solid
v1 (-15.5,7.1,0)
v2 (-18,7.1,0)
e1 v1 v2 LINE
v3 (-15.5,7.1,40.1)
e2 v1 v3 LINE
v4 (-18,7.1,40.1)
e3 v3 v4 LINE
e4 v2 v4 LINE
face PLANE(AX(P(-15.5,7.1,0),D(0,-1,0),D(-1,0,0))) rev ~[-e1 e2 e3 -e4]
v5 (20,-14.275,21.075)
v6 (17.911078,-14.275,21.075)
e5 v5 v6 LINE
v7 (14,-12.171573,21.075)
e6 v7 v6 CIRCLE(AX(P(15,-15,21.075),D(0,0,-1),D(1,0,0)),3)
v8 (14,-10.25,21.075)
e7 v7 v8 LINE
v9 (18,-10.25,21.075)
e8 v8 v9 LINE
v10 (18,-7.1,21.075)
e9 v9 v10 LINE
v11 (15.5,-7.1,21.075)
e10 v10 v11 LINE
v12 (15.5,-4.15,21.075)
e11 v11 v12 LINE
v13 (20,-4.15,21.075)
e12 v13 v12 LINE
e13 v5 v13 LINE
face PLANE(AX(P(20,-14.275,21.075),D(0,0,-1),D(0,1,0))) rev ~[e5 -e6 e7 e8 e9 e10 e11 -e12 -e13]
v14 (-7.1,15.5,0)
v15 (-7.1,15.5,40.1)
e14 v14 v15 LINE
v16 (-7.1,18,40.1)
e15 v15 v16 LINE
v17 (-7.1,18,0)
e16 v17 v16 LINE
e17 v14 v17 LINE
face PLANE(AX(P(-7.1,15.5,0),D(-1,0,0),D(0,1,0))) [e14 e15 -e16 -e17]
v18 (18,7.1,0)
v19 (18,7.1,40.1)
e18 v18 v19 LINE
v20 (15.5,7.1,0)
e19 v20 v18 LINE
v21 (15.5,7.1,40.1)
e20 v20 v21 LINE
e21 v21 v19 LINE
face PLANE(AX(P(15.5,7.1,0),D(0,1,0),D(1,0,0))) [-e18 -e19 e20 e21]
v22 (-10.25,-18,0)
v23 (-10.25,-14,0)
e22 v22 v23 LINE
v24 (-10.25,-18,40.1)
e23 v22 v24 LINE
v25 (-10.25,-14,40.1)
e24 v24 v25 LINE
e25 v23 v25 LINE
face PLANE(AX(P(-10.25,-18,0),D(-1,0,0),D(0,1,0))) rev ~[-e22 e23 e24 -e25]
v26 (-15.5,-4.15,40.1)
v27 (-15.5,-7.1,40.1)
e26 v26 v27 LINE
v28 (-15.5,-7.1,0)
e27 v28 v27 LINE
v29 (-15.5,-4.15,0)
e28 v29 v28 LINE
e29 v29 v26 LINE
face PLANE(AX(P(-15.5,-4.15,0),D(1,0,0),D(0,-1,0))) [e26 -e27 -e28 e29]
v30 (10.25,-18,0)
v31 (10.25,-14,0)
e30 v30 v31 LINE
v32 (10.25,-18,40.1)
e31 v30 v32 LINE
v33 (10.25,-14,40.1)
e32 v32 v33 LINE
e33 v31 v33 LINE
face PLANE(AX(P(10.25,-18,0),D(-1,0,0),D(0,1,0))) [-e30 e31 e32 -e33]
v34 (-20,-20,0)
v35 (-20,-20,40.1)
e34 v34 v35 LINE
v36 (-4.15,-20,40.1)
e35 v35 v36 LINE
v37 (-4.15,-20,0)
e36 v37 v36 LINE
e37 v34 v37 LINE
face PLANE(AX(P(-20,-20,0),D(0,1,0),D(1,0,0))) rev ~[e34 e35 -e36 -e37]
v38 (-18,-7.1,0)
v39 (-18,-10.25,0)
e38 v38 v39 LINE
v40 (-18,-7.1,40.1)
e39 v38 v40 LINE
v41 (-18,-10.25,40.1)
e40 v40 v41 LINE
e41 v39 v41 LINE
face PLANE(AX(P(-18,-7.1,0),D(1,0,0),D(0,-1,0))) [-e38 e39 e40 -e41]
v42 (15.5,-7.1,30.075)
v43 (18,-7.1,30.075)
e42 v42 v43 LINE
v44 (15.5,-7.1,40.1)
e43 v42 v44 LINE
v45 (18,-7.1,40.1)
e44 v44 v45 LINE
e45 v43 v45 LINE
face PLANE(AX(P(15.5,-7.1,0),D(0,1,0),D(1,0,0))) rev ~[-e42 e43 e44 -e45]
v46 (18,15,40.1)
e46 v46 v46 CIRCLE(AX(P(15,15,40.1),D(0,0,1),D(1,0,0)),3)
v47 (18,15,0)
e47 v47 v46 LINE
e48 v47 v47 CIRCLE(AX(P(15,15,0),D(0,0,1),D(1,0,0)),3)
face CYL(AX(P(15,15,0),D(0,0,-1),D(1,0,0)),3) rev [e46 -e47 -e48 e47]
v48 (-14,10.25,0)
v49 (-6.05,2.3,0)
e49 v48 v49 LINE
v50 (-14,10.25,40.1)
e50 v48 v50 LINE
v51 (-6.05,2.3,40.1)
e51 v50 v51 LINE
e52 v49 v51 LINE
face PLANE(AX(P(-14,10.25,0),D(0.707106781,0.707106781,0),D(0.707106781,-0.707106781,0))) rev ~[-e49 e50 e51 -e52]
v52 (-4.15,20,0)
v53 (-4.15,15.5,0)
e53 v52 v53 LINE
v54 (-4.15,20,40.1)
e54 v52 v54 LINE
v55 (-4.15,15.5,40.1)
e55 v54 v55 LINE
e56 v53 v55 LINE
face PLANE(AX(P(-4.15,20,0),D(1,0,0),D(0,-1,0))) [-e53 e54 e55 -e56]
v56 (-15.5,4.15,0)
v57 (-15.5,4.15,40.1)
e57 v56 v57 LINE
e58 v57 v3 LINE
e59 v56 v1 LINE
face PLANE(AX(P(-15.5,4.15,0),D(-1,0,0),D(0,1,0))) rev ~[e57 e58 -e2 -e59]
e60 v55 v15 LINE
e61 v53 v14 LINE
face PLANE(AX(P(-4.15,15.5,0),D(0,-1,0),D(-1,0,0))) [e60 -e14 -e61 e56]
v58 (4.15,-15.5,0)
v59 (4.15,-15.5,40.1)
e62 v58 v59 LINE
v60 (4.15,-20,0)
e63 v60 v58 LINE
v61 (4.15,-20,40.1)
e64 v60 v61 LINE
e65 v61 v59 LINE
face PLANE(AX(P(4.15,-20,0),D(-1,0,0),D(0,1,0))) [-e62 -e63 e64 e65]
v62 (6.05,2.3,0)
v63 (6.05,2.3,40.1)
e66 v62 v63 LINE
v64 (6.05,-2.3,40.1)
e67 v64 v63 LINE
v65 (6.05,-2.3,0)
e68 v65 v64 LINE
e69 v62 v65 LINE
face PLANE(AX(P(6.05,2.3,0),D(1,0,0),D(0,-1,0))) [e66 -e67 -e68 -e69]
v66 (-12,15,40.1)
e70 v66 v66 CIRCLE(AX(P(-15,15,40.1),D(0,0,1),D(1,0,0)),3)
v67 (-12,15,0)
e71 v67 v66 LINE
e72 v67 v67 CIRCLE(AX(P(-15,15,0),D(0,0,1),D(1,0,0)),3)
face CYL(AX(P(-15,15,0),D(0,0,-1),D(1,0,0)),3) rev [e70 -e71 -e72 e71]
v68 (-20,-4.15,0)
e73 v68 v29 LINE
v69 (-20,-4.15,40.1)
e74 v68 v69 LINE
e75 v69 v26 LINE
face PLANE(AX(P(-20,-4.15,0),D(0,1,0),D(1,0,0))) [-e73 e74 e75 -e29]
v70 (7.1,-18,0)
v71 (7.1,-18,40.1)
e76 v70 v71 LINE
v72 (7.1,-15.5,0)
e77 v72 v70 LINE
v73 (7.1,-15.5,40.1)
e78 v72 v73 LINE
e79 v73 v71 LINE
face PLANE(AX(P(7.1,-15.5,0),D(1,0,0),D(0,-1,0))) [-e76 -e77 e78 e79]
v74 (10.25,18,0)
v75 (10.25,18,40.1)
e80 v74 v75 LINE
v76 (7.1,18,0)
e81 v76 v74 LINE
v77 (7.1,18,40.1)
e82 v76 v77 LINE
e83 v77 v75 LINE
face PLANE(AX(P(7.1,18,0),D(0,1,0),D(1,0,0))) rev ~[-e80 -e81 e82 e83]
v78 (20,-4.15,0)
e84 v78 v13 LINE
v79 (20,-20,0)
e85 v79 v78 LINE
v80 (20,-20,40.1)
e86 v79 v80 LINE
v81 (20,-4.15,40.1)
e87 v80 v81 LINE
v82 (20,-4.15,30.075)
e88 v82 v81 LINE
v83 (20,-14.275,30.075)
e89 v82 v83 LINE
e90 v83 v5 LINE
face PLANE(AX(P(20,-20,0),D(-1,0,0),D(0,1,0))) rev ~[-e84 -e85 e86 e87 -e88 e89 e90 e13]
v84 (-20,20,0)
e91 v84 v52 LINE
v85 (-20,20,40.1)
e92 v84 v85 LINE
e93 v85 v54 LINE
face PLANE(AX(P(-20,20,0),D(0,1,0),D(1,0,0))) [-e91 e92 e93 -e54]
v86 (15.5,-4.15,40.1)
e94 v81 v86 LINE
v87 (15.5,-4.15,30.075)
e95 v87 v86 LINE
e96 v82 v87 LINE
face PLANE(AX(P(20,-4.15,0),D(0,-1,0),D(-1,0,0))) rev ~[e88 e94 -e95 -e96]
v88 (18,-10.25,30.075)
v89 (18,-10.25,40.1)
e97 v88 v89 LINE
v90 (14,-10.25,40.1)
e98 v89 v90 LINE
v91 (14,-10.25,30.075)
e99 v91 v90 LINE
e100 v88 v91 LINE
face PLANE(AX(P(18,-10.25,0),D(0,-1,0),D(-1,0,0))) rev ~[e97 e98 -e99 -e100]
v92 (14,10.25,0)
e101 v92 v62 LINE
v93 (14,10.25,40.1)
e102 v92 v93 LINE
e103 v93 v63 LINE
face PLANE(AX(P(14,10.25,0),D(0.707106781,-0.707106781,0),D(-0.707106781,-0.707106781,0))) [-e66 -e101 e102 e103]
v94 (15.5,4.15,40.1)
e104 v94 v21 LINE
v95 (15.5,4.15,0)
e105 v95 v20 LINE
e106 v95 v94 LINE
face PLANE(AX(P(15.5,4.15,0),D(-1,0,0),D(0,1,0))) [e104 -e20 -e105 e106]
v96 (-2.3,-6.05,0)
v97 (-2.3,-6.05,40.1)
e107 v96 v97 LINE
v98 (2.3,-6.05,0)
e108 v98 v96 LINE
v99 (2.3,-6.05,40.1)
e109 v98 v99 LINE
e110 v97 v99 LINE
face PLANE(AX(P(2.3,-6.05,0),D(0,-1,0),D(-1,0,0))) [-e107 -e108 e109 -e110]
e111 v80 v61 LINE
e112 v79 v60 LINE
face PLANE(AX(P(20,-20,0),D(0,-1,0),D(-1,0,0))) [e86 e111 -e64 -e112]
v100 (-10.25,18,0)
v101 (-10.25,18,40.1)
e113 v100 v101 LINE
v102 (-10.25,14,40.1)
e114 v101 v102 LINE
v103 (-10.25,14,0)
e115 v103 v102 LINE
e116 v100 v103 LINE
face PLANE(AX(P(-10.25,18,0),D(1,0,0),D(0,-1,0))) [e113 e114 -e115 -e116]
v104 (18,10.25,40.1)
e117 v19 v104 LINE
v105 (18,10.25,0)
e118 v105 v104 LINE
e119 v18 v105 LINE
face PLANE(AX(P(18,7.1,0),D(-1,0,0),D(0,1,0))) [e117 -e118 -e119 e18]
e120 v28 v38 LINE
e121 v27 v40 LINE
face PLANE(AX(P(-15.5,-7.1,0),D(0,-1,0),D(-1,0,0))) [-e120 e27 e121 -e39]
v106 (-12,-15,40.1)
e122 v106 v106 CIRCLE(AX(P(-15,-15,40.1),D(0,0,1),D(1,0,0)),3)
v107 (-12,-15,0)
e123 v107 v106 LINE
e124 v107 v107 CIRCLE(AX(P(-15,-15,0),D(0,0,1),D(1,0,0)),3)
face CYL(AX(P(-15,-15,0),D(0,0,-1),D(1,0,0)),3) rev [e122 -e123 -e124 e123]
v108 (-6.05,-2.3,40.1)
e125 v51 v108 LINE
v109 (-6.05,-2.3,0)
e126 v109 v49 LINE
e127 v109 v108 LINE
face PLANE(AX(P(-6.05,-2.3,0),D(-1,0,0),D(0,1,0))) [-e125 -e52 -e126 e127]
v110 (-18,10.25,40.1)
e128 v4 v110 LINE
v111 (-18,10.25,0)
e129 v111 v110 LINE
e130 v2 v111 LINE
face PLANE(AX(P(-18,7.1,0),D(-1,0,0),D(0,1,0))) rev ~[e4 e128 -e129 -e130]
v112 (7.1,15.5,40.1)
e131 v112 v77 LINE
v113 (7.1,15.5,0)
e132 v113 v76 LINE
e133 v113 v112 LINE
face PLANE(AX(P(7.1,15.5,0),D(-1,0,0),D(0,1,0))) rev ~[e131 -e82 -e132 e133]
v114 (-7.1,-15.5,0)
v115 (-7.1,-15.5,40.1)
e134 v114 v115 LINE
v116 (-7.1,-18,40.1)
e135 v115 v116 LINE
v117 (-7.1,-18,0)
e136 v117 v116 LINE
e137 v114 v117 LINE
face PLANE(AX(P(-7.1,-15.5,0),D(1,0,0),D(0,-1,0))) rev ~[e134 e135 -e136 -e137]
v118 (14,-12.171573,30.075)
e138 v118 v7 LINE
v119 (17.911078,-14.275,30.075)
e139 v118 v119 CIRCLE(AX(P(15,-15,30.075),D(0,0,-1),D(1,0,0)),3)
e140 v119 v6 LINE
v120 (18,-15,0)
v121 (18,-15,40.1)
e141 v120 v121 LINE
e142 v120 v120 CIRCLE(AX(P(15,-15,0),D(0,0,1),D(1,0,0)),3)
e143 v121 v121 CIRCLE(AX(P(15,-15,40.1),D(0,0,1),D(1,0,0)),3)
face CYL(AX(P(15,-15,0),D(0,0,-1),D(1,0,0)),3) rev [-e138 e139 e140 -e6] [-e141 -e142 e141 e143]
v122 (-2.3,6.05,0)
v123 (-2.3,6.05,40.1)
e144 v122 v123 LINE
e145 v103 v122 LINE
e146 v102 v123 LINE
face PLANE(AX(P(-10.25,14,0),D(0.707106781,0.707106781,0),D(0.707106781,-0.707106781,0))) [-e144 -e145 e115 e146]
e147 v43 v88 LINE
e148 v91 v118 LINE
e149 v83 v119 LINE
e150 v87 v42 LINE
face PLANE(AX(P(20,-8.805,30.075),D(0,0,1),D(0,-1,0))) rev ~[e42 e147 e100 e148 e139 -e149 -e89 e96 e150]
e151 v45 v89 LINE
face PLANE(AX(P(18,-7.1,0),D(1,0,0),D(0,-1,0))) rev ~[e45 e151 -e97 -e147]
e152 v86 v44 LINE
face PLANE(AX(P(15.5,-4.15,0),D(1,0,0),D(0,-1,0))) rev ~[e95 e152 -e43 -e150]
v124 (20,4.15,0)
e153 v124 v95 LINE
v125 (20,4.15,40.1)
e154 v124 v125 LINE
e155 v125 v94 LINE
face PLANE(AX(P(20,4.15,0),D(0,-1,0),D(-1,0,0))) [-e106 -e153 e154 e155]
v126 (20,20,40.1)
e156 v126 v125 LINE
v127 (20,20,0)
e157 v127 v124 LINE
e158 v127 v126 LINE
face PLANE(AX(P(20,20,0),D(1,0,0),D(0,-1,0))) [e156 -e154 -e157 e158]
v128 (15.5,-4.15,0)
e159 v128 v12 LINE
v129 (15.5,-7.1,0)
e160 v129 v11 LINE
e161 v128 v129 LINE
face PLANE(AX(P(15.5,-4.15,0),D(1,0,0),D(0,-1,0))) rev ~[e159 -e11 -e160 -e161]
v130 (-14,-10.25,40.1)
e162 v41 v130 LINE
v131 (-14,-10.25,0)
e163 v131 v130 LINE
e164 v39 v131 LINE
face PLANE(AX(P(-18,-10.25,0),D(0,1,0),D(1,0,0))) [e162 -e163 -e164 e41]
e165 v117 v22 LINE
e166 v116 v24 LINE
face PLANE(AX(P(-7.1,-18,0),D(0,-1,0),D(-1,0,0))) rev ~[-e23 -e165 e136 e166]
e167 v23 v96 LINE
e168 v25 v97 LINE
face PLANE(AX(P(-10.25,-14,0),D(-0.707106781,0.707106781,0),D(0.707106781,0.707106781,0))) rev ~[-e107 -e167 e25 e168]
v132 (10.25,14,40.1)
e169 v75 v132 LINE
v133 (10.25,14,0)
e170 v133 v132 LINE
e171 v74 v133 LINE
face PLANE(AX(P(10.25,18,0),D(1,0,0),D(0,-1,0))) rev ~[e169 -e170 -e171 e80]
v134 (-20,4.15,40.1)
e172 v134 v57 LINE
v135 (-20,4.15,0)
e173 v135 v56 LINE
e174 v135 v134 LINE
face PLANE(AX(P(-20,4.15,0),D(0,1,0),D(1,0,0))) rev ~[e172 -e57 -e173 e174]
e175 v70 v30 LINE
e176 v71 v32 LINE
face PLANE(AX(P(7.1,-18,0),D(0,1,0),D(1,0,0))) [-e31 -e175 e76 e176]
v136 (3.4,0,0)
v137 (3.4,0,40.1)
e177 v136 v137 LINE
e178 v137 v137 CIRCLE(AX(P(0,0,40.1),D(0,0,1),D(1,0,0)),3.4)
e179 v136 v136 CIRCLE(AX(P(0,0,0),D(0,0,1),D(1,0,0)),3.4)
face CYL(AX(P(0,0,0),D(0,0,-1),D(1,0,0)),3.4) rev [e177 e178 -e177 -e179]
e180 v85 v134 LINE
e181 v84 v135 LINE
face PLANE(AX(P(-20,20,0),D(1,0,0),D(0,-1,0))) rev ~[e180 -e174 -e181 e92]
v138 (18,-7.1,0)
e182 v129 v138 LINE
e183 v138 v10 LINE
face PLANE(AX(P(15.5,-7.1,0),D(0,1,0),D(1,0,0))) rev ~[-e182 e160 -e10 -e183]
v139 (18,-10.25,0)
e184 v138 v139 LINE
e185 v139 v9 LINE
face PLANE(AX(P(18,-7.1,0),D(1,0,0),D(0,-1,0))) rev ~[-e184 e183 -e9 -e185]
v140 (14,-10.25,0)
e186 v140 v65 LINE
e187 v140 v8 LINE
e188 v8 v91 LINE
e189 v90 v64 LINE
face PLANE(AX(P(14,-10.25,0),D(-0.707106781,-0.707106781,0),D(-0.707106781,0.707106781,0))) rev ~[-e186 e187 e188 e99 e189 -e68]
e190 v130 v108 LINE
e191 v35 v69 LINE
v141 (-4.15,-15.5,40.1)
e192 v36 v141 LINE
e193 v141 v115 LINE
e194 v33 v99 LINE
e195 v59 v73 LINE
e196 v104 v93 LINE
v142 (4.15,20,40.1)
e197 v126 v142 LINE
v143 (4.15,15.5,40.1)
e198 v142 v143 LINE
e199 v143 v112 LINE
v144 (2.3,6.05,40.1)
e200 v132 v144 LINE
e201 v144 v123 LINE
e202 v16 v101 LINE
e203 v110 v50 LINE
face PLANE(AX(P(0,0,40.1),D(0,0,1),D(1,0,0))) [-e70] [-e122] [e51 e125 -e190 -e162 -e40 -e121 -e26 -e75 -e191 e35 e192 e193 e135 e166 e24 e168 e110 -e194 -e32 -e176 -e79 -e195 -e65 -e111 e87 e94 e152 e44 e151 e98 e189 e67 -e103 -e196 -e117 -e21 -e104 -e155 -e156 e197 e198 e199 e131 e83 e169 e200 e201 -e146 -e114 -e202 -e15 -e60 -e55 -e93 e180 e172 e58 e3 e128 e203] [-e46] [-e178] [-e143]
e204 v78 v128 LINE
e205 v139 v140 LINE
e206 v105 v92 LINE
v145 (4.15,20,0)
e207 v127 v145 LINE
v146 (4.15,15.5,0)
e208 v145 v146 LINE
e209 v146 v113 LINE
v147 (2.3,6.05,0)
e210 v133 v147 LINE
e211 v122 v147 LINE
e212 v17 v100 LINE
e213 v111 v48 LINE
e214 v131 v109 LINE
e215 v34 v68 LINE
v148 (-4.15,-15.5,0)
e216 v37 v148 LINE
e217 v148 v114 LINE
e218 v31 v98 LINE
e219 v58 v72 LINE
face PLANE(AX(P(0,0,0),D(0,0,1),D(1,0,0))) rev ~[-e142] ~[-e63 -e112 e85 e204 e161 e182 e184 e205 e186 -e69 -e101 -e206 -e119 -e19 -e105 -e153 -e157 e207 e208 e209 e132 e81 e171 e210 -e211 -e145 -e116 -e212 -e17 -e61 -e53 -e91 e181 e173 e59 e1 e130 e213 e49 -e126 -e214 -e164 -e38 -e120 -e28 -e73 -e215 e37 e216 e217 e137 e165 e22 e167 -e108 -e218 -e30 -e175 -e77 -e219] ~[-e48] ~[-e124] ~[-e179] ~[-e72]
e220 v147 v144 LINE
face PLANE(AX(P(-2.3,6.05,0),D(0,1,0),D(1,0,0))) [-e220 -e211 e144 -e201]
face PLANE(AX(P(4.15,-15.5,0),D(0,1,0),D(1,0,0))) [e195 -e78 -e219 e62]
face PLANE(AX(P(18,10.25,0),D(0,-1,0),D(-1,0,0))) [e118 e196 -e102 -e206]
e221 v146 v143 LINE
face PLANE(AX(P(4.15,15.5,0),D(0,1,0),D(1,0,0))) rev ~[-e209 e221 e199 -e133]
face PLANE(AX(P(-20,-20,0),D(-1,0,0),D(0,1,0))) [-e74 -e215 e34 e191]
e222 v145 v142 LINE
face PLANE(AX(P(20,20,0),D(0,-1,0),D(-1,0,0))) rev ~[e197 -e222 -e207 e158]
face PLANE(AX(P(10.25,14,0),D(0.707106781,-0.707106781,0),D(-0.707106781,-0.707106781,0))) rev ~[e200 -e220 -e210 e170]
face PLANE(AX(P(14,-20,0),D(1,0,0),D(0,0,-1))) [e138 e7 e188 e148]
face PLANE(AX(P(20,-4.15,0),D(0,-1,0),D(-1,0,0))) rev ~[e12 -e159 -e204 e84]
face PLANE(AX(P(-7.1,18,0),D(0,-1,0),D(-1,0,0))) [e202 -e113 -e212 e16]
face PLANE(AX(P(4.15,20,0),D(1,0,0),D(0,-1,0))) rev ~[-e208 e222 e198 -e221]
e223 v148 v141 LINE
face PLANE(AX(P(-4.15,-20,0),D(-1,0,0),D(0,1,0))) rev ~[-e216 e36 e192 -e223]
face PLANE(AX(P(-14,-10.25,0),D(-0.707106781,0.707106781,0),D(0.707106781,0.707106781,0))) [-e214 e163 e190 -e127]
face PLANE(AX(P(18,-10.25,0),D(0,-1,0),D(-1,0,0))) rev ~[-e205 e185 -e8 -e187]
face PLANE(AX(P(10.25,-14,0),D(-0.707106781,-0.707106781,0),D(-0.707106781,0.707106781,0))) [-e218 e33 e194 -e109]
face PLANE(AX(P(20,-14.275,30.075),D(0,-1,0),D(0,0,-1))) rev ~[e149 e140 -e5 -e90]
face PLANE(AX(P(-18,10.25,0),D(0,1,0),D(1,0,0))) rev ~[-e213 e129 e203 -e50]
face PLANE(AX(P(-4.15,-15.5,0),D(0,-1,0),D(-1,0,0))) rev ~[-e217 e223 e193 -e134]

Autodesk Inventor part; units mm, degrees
ref_plane "YZ Plane" through (0, 0, 0) normal (1, 0, 0) x (0, 1, 0)
ref_plane "XZ Plane" through (0, 0, 0) normal (0, 1, 0) x (-1, 0, 0)
ref_plane "XY Plane" through (0, 0, 0) normal (0, 0, 1) x (1, 0, 0)
sketch "Sketch1" plane through (0, 0, 0) normal (0, 0, 1) x (1, 0, 0)
  circle A0 centre (0, 0) radius 3.4
  line L0 (0, 0) -> (20, 20) construction
  line L1 (0, 0) -> (28.2843, 0) construction
  line L2 (20, 20) -> (4.15, 20)
  line L3 (4.15, 20) -> (4.15, 15.5)
  line L4 (4.15, 15.5) -> (7.1, 15.5)
  line L5 (7.1, 15.5) -> (7.1, 18)
  line L6 (7.1, 18) -> (10.25, 18)
  line L7 (10.25, 18) -> (10.25, 14)
  line L8 (0, 0) -> (0, 26.1056) construction
  line L9 (10.25, 14) -> (2.3, 6.05)
  line L10 (2.3, 6.05) -> (0, 6.05)
  circle A1 centre (15, 15) radius 3
  line L11 (20, 20) -> (20, 4.15)
  line L12 (20, 4.15) -> (15.5, 4.15)
  line L13 (15.5, 4.15) -> (15.5, 7.1)
  line L14 (15.5, 7.1) -> (18, 7.1)
  line L15 (18, 7.1) -> (18, 10.25)
  line L16 (18, 10.25) -> (14, 10.25)
  line L17 (14, 10.25) -> (6.05, 2.3)
  line L18 (6.05, 2.3) -> (6.05, 0)
  line L19 (-2.3, 6.05) -> (0, 6.05)
  line L20 (-10.25, 14) -> (-2.3, 6.05)
  line L21 (-10.25, 18) -> (-10.25, 14)
  line L22 (-4.15, 15.5) -> (-7.1, 15.5)
  line L23 (-7.1, 15.5) -> (-7.1, 18)
  line L24 (-7.1, 18) -> (-10.25, 18)
  line L25 (-4.15, 20) -> (-4.15, 15.5)
  line L26 (-20, 20) -> (-4.15, 20)
  circle A2 centre (-15, 15) radius 3
  line L27 (-20, 20) -> (-20, 4.15)
  line L28 (-14, 10.25) -> (-6.05, 2.3)
  line L29 (-18, 7.1) -> (-18, 10.25)
  line L30 (-18, 10.25) -> (-14, 10.25)
  line L31 (-20, 4.15) -> (-15.5, 4.15)
  line L32 (-15.5, 4.15) -> (-15.5, 7.1)
  line L33 (-15.5, 7.1) -> (-18, 7.1)
  line L34 (-6.05, 2.3) -> (-6.05, 0)
  line L35 (-6.05, -2.3) -> (-6.05, 0)
  line L36 (-14, -10.25) -> (-6.05, -2.3)
  line L37 (-18, -10.25) -> (-14, -10.25)
  line L38 (-15.5, -4.15) -> (-15.5, -7.1)
  line L39 (-15.5, -7.1) -> (-18, -7.1)
  line L40 (-18, -7.1) -> (-18, -10.25)
  line L41 (-20, -4.15) -> (-15.5, -4.15)
  line L42 (-20, -20) -> (-20, -4.15)
  circle A3 centre (-15, -15) radius 3
  line L43 (-20, -20) -> (-4.15, -20)
  line L44 (-10.25, -14) -> (-2.3, -6.05)
  line L45 (-7.1, -18) -> (-10.25, -18)
  line L46 (-10.25, -18) -> (-10.25, -14)
  line L47 (-4.15, -20) -> (-4.15, -15.5)
  line L48 (-4.15, -15.5) -> (-7.1, -15.5)
  line L49 (-7.1, -15.5) -> (-7.1, -18)
  line L50 (-2.3, -6.05) -> (0, -6.05)
  line L51 (2.3, -6.05) -> (0, -6.05)
  line L52 (10.25, -14) -> (2.3, -6.05)
  line L53 (10.25, -18) -> (10.25, -14)
  line L54 (4.15, -15.5) -> (7.1, -15.5)
  line L55 (7.1, -15.5) -> (7.1, -18)
  line L56 (7.1, -18) -> (10.25, -18)
  line L57 (4.15, -20) -> (4.15, -15.5)
  line L58 (20, -20) -> (4.15, -20)
  circle A4 centre (15, -15) radius 3
  line L59 (20, -20) -> (20, -4.15)
  line L60 (14, -10.25) -> (6.05, -2.3)
  line L61 (18, -7.1) -> (18, -10.25)
  line L62 (18, -10.25) -> (14, -10.25)
  line L63 (20, -4.15) -> (15.5, -4.15)
  line L64 (15.5, -4.15) -> (15.5, -7.1)
  line L65 (15.5, -7.1) -> (18, -7.1)
  line L66 (6.05, -2.3) -> (6.05, 0)
  point P0 (0, 6.05)
  point P1 (-6.05, 0)
  point P2 (0, -6.05)
  dimension "d0" = 6.8
  dimension "d1" = 45
  dimension "d2" = 20
  dimension "d3" = 6
  dimension "d4" = 15
  dimension "d5" = 10.25
  dimension "d6" = 7.1
  dimension "d7" = 4.15
  dimension "d8" = 4.5
  dimension "d9" = 2
  dimension "d10" = 13.95
  dimension "d11" = 6
  dimension "d14" = 360
extrude "Extrusion1" add sketch "Sketch1" along normal blind 40.1
sketch "Sketch2" plane through (20, -20, 0) normal (1, 0, 0) x (0, 0, -1)
  line L0 (-21.35, 10.92) -> (-29.8, 10.92) projected
  line L1 (-29.8, 10.92) -> (-29.8, 6) projected
  line L2 (-29.8, 6) -> (-21.35, 6) projected
  line L3 (-21.35, 6) -> (-21.35, 10.92) projected
  line L4 (-21.075, 11.195) -> (-30.075, 11.195)
  line L5 (-30.075, 11.195) -> (-30.075, 5.725)
  line L6 (-30.075, 5.725) -> (-21.075, 5.725)
  line L7 (-21.075, 5.725) -> (-21.075, 11.195)
  line L8 (0, 15.85) -> (-40.1, 15.85) projected
  line L9 (-21.075, 11.195) -> (-21.075, 15.85)
  line L10 (-30.075, 11.195) -> (-30.075, 15.85)
  point P0 (0, 20)
  dimension "d18" = 0.275
extrude "Extrusion2" cut sketch "Sketch2" against normal blind 6 contours L3 L2 L1 L0 | L7 L6 L5 L4 | L4 L10 L8 L9
properties part number "Aluminum_Profile_4040_40.10mm_right" material "Aluminum 6061-AHC"
